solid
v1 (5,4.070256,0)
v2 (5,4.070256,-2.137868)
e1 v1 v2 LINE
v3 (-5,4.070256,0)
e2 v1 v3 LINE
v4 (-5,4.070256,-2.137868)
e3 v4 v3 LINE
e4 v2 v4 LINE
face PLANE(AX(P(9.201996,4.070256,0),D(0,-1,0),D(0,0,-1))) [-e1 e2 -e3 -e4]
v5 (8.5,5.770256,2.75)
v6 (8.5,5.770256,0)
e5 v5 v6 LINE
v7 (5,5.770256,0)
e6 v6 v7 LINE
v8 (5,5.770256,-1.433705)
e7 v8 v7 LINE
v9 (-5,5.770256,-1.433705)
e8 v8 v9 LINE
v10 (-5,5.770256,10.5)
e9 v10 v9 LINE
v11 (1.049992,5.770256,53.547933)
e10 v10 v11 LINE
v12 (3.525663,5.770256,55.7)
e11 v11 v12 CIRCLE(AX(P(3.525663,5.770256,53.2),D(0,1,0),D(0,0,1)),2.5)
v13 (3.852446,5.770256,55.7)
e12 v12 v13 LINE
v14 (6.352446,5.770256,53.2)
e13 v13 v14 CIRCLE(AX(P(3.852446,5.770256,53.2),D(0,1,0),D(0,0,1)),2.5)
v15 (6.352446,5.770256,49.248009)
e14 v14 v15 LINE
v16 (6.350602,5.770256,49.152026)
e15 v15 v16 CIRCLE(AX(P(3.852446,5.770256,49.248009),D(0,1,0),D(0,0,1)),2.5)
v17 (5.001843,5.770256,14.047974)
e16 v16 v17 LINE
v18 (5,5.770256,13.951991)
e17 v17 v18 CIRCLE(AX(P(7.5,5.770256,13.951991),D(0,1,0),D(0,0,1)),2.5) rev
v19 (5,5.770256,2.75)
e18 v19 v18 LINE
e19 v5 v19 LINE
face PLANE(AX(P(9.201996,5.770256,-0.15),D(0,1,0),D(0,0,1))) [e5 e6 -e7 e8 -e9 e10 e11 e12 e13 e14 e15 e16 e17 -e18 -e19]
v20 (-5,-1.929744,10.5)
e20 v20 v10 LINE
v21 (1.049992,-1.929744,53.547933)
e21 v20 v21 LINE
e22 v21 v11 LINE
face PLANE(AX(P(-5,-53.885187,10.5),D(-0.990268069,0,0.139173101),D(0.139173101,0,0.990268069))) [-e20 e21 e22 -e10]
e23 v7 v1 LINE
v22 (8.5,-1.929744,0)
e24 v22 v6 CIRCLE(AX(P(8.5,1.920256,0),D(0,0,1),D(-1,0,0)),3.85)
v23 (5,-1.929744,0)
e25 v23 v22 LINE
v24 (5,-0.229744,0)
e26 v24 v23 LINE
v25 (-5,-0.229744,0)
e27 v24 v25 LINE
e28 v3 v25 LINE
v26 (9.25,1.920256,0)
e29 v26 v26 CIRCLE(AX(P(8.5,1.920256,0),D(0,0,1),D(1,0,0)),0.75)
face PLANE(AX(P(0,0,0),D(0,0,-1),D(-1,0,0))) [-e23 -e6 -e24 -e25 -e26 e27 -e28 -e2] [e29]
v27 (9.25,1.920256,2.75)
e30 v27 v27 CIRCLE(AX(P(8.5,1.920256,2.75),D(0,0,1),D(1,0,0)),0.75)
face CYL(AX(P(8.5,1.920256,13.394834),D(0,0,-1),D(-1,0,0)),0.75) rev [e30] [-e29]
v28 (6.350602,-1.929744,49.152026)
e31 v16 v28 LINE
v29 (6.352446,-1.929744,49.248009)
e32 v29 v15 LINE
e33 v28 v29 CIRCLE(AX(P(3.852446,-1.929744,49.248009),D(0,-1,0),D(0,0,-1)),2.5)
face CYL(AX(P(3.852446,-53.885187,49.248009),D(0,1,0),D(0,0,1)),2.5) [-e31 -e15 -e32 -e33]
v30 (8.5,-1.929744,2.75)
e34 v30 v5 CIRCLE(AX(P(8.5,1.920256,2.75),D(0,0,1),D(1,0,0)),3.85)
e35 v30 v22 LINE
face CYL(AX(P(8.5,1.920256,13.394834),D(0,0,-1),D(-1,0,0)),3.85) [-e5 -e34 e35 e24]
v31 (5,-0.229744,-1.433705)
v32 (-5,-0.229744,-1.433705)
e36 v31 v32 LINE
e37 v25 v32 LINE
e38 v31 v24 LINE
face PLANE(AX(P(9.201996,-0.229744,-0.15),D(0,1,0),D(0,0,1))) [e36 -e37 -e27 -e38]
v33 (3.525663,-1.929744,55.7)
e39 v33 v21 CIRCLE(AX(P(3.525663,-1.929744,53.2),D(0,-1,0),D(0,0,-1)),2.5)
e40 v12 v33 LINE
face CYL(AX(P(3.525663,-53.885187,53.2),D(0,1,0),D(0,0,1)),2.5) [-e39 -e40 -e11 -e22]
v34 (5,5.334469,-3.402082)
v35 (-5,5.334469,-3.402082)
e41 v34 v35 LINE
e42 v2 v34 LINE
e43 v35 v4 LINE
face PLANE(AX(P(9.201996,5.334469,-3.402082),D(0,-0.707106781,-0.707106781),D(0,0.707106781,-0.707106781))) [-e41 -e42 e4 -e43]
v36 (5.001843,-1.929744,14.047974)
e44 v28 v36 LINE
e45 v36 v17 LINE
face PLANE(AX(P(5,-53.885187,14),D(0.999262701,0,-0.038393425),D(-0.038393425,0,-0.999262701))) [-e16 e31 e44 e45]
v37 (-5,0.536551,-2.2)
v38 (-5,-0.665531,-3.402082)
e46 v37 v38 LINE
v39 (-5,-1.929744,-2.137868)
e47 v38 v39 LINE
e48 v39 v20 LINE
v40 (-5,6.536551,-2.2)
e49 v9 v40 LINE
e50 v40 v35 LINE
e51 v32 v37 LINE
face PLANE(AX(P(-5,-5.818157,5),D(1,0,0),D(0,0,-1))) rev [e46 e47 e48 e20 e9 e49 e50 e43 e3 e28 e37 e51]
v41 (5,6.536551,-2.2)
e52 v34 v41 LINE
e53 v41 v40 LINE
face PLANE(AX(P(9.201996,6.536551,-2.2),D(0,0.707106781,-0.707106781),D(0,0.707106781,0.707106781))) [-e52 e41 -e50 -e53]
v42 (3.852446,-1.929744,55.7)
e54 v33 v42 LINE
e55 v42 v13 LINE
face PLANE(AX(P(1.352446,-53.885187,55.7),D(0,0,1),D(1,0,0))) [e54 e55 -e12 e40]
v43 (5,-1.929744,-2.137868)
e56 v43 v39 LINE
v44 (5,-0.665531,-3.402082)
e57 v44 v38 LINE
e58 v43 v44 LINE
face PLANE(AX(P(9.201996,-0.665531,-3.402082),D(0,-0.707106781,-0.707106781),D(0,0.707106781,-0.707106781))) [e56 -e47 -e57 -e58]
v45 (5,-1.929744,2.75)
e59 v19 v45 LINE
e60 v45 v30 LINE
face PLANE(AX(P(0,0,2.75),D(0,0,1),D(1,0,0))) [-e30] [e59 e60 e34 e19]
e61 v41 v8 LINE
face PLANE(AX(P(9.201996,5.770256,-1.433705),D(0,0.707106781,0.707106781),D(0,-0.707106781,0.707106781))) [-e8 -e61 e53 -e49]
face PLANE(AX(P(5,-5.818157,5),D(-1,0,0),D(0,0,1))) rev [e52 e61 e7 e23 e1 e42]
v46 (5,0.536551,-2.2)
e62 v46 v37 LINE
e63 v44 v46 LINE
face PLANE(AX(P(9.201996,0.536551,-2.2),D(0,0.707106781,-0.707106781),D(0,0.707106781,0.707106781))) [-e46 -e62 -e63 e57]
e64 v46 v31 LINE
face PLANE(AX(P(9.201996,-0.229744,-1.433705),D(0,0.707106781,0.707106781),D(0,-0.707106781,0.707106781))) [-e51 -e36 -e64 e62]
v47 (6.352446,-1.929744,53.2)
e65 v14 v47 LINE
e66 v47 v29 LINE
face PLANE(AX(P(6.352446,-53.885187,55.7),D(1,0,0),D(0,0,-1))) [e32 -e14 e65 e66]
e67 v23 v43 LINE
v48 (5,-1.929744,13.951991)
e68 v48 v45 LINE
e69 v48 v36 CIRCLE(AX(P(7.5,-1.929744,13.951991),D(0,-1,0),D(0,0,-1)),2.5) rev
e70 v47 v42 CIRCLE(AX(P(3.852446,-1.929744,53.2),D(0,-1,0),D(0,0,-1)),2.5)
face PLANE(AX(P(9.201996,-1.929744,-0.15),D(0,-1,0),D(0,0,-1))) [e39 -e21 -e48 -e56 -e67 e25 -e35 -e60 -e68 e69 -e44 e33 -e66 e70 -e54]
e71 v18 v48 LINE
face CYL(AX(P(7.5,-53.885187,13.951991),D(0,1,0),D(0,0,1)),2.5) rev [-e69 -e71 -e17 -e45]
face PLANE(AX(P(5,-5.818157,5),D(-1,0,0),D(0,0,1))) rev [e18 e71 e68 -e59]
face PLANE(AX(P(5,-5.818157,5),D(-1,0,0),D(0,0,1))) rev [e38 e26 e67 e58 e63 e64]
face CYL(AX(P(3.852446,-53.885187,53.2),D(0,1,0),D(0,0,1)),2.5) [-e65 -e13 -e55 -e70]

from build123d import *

# Parameters (mm, degrees)
SKETCH2_W           = 10
SKETCH2_H           = 14.768412439
BOSS_EXTRUDE1_DEPTH = 5
BOSS_EXTRUDE4_DEPTH = 10
SKETCH9_W           = 10
SKETCH9_H           = 3.18
SKETCH9_H_2         = 3.888412439
CUT_EXTRUDE3_DEPTH  = 5
BOSS_EXTRUDE5_DEPTH = 7.7
SKETCH12_R          = 0.75
BOSS_EXTRUDE7_DEPTH = 2.75
FILLET1_R           = 2.5


with BuildPart() as part:
    # Sketch2 → Boss-Extrude1 (new body)
    with BuildSketch(Plane.XY):
        with Locations((0, 1.566049366)):
            Rectangle(SKETCH2_W, SKETCH2_H)
    extrude(amount=BOSS_EXTRUDE1_DEPTH)

    # Sketch8 → Boss-Extrude4 (add)
    with BuildSketch(Plane.ZY.offset(5)):
        Polygon((-0.15, 5.770255585), (0, 5.770255585), (0, 4.070255585), (-0.15, 4.070255585), (-2.137867966, 4.070255585), (-3.402081528, 5.334469147), (-2.2, 6.536550675), (-1.43370491, 5.770255585), align=None)
        Polygon((-0.15, -1.929744415), (0, -1.929744415), (0, -0.229744415), (-0.15, -0.229744415), (-1.43370491, -0.229744415), (-2.2, 0.536550675), (-3.402081528, -0.665530853), (-2.137867966, -1.929744415), align=None)
    extrude(amount=-BOSS_EXTRUDE4_DEPTH)

    # Sketch9 → Cut-Extrude3 (cut)
    with BuildSketch(Plane(origin=(0, 0, 0), x_dir=(-1, 0, 0), z_dir=(0, 0, -1))):
        with Locations((0, 7.360255585)):
            Rectangle(SKETCH9_W, SKETCH9_H)
        with Locations((0, -3.873950635)):
            Rectangle(SKETCH9_W, SKETCH9_H_2)
    extrude(amount=-CUT_EXTRUDE3_DEPTH, mode=Mode.SUBTRACT)

    # Sketch10 → Boss-Extrude5 (add)
    with BuildSketch(Plane(origin=(0, 5.770255585, 0), x_dir=(1, 0, 0), z_dir=(0, 1, 0))):
        Polygon((-5, -5), (-5, -10.5), (1.352445729, -55.7), (6.352445729, -55.7), (6.352445729, -49.2), (5, -14), (5, -5), align=None)
    extrude(amount=-BOSS_EXTRUDE5_DEPTH)

    # Sketch12 → Boss-Extrude7 (add)
    with BuildSketch(Plane.XY):
        with BuildLine():
            Line((5, 5.770255585), (8.5, 5.770255585))
            ThreePointArc((8.5, 5.770255585), (12.35, 1.920255585), (8.5, -1.929744415))
            Line((8.5, -1.929744415), (5, -1.929744415))
            Line((5, -1.929744415), (5, 5.770255585))
        make_face()
        with Locations((8.5, 1.920255585)):
            Circle(SKETCH12_R, mode=Mode.SUBTRACT)
    extrude(amount=BOSS_EXTRUDE7_DEPTH)

    # Fillet1
    fillet1_edges = [part.edges().sort_by_distance(p)[0] for p in [
        (6.352445729, 1.920255585, 49.2),
        (5, 1.920255585, 14),
        (1.352445729, 1.920255585, 55.7),
        (6.352445729, 1.920255585, 55.7),
    ]]
    fillet(fillet1_edges, radius=FILLET1_R)


solid = part.part
